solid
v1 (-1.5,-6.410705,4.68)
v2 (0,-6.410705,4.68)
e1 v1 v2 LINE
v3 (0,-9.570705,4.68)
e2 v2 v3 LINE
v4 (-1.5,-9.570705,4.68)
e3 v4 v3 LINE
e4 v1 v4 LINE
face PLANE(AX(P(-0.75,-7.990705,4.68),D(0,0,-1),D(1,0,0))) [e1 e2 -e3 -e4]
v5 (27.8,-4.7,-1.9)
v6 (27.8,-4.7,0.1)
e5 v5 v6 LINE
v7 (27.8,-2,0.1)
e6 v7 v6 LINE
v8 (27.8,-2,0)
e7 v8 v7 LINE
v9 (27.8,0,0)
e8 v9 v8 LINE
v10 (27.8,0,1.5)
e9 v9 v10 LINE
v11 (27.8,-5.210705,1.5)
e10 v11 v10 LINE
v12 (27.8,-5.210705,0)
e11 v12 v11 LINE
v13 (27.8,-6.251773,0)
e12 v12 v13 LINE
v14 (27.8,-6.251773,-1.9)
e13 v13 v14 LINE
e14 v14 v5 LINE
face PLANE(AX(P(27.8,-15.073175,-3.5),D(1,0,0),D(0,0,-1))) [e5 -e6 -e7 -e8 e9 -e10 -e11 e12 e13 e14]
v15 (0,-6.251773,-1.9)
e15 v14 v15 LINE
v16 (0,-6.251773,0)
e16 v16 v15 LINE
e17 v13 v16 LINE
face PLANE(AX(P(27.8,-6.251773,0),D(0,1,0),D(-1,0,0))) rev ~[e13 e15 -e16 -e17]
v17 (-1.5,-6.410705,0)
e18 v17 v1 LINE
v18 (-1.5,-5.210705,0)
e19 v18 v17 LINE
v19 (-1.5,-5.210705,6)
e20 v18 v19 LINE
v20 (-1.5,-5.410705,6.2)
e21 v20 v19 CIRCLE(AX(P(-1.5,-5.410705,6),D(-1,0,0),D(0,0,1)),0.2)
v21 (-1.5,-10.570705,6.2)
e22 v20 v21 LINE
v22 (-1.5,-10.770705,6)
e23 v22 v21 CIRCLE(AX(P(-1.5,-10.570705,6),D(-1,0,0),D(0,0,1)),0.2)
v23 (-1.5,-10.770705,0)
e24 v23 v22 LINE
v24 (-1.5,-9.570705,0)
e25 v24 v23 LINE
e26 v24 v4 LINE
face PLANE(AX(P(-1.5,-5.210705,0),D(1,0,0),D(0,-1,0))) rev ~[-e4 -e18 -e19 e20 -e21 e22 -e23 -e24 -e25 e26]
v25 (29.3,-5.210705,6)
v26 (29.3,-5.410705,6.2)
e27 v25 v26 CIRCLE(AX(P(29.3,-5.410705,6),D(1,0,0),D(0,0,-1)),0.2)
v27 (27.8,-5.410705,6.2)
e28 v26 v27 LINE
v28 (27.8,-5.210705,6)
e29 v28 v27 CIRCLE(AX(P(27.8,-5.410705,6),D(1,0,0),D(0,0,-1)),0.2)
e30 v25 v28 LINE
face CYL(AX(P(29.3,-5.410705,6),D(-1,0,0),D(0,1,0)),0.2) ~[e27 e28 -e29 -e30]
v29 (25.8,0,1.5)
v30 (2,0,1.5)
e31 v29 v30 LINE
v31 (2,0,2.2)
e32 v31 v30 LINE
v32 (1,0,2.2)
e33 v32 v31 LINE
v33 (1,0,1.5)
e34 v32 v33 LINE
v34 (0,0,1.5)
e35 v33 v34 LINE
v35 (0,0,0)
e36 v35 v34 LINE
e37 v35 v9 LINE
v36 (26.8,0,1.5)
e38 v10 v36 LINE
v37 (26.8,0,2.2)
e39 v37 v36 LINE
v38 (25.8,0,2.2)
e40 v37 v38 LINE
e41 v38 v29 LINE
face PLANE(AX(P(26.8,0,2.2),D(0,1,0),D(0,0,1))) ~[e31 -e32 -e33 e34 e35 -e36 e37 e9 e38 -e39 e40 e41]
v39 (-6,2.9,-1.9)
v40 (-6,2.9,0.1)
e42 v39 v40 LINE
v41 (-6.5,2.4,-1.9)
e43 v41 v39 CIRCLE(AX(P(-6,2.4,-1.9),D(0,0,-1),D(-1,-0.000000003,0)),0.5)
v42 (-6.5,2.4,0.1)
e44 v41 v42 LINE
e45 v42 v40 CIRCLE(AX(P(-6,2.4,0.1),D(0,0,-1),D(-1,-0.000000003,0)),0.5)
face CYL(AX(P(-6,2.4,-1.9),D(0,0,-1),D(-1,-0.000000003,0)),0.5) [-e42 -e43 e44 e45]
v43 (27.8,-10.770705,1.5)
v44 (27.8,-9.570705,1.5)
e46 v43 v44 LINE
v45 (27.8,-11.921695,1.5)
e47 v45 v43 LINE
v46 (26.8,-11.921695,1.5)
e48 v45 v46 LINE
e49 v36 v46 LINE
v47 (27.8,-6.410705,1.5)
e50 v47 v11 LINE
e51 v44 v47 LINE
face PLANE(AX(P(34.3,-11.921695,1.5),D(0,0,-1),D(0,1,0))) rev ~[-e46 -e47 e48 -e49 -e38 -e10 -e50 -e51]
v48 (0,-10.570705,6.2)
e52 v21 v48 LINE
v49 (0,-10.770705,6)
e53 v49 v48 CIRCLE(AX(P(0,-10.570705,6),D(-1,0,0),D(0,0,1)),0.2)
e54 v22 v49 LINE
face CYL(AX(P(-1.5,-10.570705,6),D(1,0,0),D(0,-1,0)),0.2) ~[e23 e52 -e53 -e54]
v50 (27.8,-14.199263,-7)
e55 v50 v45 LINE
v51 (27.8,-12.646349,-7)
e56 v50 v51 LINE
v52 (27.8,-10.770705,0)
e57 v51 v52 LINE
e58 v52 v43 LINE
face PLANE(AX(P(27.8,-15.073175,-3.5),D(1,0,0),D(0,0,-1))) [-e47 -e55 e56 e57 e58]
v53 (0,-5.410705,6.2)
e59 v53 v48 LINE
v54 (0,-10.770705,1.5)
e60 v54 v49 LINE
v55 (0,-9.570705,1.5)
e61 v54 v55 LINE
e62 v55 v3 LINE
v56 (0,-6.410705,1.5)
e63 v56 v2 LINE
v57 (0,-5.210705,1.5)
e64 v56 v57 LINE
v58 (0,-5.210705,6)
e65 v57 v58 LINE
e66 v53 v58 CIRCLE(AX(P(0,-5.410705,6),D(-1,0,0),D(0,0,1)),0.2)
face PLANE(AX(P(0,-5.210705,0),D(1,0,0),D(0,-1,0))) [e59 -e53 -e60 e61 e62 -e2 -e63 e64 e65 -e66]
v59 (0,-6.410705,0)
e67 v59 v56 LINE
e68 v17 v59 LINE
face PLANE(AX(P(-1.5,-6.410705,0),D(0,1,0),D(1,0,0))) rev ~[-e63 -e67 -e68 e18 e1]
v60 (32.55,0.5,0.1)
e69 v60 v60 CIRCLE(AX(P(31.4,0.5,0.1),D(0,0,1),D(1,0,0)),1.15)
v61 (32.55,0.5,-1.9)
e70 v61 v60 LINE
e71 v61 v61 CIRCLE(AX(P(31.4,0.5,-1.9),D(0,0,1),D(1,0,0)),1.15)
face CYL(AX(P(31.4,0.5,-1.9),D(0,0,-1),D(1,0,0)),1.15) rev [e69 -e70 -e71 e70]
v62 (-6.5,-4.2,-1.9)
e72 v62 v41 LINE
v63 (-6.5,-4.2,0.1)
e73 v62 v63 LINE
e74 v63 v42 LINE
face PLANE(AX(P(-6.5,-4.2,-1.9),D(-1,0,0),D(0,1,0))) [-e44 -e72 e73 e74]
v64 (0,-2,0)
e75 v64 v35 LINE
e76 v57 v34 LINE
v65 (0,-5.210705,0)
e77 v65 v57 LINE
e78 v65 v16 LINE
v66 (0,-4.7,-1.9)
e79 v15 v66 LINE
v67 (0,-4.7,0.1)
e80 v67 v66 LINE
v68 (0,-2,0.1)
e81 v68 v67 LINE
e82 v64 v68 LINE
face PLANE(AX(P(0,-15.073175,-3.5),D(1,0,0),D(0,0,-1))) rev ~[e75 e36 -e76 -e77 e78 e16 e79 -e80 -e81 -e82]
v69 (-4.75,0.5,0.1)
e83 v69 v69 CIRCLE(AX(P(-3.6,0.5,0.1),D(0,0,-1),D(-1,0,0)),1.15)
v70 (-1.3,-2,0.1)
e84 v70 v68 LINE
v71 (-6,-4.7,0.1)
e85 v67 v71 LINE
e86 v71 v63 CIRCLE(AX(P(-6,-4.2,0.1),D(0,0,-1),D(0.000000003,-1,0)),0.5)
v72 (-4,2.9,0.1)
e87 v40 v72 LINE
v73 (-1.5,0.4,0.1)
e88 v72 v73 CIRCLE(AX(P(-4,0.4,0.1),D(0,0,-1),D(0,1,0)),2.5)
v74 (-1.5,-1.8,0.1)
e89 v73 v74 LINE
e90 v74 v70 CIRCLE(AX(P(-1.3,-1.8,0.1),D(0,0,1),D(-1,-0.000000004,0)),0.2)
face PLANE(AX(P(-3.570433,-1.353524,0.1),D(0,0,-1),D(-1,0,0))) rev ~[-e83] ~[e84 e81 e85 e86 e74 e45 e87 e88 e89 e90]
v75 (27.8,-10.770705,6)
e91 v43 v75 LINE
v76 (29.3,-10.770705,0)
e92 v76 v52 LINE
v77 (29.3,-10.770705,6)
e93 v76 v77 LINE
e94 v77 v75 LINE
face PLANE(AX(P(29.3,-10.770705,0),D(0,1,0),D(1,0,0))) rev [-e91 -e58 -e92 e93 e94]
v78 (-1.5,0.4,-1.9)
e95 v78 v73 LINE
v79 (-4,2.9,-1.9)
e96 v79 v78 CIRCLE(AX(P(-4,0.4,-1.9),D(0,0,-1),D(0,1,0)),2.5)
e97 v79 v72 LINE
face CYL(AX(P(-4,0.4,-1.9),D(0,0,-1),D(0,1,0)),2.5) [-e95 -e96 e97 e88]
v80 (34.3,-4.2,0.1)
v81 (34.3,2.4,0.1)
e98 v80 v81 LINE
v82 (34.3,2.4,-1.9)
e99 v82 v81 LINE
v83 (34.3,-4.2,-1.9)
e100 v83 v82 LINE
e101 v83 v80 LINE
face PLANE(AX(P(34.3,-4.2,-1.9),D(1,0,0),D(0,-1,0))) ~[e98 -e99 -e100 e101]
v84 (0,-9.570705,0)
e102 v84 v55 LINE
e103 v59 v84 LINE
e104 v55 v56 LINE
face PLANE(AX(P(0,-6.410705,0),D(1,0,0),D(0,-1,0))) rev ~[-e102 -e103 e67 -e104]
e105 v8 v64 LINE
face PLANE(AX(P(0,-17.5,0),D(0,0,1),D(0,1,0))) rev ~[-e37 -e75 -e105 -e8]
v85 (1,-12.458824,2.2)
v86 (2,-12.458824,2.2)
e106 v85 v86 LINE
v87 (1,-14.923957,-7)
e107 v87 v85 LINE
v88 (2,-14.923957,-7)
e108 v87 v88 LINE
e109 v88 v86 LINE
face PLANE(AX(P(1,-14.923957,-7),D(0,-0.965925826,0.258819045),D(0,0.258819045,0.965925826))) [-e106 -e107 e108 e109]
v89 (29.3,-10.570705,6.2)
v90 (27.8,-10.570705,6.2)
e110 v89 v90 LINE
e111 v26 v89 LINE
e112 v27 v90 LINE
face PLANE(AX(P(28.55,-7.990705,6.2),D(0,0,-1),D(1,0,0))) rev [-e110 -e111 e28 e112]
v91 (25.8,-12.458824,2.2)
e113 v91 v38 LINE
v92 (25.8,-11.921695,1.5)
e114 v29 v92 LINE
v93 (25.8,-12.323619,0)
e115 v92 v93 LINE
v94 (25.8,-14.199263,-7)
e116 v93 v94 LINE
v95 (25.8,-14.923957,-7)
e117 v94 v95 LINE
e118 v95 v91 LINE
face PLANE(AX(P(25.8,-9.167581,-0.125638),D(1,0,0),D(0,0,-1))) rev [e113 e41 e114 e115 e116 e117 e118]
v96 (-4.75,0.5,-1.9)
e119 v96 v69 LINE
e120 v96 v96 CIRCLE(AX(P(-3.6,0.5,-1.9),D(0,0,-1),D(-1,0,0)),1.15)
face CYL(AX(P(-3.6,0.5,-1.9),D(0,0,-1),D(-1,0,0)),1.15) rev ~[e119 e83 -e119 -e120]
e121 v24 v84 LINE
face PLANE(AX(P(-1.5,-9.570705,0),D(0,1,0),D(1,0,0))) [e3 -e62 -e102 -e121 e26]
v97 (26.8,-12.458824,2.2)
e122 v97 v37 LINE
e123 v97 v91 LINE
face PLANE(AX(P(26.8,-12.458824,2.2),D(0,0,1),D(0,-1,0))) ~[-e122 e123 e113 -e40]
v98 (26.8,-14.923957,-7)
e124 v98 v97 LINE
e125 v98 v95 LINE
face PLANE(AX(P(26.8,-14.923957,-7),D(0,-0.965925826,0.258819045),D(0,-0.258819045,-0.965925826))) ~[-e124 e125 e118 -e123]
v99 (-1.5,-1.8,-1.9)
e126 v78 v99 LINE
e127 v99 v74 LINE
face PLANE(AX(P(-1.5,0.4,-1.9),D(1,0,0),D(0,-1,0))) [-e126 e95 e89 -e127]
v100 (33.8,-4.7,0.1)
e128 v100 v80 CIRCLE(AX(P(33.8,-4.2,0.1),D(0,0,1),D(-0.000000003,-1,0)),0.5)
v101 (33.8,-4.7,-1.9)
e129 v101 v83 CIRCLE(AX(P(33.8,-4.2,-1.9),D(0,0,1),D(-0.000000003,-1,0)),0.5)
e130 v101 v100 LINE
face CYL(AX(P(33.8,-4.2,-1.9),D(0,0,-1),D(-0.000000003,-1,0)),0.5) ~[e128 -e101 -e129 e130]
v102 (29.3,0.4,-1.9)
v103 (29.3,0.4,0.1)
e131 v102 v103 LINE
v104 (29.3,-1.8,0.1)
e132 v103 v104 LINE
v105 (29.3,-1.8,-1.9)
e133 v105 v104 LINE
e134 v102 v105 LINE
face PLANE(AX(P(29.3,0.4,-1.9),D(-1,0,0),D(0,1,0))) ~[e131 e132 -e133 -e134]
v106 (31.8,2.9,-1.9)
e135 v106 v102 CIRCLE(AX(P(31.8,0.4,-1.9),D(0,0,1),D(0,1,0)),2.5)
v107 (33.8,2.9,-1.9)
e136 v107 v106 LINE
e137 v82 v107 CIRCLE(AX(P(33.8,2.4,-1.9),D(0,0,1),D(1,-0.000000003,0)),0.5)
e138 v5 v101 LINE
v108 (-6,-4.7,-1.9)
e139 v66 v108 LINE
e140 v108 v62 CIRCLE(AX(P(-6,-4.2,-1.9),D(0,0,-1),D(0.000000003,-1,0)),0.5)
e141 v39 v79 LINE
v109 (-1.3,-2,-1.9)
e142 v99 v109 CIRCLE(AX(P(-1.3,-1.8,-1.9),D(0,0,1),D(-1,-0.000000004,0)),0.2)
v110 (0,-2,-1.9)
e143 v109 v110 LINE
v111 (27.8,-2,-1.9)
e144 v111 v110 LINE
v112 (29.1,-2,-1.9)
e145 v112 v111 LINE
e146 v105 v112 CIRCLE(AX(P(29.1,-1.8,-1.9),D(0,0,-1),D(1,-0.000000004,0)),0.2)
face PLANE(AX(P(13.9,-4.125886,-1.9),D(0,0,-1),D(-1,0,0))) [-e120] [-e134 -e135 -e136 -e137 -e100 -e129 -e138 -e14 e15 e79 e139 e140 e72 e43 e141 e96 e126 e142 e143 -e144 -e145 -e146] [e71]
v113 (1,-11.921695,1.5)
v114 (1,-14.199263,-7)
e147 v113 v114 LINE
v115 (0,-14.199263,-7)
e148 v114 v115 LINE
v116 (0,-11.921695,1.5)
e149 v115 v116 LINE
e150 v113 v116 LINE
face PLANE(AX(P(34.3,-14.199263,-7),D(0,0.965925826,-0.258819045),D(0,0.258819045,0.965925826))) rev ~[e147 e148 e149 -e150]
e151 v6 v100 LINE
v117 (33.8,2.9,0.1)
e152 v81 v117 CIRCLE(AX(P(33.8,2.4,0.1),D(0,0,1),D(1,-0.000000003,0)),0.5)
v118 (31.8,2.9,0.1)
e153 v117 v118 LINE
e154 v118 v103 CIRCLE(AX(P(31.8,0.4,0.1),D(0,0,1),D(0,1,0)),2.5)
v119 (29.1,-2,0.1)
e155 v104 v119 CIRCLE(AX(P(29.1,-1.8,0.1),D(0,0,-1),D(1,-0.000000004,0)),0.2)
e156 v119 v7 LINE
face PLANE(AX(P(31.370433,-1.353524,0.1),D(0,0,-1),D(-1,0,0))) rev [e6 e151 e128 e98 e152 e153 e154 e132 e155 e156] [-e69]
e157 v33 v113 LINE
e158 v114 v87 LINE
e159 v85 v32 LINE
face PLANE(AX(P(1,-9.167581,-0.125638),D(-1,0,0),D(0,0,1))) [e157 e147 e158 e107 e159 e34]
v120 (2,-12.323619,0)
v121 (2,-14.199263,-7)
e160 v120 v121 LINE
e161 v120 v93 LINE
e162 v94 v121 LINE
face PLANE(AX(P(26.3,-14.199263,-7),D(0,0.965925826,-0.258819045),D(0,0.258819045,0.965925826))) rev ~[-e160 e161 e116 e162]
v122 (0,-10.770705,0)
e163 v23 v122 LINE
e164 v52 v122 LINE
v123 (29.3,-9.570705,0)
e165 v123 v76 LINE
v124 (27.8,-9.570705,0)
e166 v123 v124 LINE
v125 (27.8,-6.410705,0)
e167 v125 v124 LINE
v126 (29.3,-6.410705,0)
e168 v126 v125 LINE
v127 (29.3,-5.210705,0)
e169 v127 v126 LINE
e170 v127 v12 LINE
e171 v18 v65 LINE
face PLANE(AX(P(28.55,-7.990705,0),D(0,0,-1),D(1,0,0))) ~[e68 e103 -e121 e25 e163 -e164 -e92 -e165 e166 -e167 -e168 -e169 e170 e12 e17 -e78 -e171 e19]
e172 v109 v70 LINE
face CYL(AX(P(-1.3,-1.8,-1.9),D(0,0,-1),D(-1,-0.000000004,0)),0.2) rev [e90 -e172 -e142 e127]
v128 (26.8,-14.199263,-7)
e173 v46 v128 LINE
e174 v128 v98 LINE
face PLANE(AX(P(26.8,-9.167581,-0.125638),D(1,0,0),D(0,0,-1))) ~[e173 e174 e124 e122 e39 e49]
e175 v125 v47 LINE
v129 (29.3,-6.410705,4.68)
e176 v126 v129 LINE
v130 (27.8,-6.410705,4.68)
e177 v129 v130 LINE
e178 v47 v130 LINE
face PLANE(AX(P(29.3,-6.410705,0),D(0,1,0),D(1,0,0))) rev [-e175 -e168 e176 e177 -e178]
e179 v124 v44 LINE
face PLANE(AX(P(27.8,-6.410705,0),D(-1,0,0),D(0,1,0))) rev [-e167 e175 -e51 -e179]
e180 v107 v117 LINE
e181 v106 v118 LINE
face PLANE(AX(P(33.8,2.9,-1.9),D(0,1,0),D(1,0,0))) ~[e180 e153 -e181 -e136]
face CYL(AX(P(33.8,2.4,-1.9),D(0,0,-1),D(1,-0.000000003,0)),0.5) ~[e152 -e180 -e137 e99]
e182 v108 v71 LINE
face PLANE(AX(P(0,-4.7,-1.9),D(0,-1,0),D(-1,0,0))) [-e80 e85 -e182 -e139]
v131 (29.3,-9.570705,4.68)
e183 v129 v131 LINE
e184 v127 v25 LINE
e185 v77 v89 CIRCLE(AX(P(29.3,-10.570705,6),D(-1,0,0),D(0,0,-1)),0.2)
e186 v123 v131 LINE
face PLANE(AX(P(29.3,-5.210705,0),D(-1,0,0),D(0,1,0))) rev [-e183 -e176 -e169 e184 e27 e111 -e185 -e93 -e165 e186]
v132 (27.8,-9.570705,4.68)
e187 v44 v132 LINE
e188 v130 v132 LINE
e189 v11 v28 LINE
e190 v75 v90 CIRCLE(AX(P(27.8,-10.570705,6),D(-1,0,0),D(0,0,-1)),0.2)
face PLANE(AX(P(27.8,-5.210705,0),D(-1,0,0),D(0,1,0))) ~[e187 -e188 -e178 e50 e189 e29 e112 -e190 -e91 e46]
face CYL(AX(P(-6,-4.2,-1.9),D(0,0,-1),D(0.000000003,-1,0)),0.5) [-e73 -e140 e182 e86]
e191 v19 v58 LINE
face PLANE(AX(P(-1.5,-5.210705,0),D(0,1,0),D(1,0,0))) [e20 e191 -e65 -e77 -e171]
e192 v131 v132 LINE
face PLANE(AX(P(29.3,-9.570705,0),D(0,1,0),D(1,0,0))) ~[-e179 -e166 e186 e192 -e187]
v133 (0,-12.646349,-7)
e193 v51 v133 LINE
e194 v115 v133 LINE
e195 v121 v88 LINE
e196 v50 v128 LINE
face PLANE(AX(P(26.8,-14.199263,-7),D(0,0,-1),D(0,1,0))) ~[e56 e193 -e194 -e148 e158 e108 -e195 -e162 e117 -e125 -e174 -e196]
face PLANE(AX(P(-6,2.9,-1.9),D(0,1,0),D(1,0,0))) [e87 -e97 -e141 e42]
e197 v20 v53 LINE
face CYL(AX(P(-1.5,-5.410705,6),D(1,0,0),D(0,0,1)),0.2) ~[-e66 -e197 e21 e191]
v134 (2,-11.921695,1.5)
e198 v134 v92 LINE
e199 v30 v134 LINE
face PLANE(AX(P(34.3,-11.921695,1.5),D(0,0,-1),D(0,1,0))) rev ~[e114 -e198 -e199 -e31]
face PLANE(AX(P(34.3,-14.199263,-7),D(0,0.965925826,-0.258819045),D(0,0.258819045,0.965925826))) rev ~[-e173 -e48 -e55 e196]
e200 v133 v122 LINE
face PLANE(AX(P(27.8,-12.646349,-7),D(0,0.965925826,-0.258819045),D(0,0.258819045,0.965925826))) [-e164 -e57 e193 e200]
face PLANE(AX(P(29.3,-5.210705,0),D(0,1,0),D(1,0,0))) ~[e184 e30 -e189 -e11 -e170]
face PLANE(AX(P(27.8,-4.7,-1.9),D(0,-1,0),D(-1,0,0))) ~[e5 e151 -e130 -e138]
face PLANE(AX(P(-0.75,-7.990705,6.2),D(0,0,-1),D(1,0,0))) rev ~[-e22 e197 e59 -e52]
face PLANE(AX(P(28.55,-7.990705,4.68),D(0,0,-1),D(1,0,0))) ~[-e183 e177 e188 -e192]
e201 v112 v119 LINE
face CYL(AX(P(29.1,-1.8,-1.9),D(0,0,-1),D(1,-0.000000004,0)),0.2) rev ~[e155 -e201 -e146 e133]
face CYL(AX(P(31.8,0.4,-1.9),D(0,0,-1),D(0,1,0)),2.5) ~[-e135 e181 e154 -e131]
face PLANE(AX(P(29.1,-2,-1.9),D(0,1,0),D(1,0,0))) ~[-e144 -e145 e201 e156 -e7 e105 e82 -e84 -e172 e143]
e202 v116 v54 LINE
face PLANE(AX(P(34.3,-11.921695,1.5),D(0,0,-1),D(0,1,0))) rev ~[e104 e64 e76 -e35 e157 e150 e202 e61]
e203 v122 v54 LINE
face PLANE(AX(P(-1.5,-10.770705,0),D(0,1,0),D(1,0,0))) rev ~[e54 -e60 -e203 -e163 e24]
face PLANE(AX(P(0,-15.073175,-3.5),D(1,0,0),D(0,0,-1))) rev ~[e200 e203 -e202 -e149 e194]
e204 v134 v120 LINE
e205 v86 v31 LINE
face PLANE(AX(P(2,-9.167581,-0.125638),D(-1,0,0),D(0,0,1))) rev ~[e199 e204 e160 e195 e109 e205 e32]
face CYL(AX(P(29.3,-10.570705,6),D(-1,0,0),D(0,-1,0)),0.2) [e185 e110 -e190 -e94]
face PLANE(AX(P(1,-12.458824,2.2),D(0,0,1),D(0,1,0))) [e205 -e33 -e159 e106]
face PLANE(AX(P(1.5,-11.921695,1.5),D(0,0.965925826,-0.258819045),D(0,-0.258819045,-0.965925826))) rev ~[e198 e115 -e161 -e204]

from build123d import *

# Parameters (mm, degrees)
SKETCH_1_W          = 27.8
SKETCH_1_H          = 8
EXTRUDE_1_DEPTH     = 7.8
EXTRUDE_2_DEPTH     = 27.8
SKETCH_4_R          = 1.15
EXTRUDE_3_DEPTH     = 2
CUT_EXTRUDE_4_DEPTH = 24.8
SKETCH_15_W         = 27.8
SKETCH_15_H         = 4.251772847
EXTRUDE_4_DEPTH     = 1.9
FILLET_1_R          = 8
FILLET_2_R          = 6.5
EXTRUDE_5_DEPTH     = 27.8
CUT_EXTRUDE_6_DEPTH = 24.8
SKETCH_19_OUTSIDE_W = 26.556
SKETCH_19_OUTSIDE_H = 34.032
CUT_EXTRUDE_7_DEPTH = 40.8
SKETCH_20_W         = 1.5
SKETCH_20_H         = 5.56
EXTRUDE_6_DEPTH     = 6.2
SKETCH_21_W         = 1.5
SKETCH_21_H         = 3.16
CUT_EXTRUDE_8_DEPTH = 4.68
EXTRUDE_7_DEPTH     = 1
FILLET_3_R          = 0.2


with BuildPart() as part:
    # 草图1 → 凸台-拉伸1 (new body)
    with BuildSketch(Plane.XY):
        with Locations((13.9, -4)):
            Rectangle(SKETCH_1_W, SKETCH_1_H)
    extrude(amount=EXTRUDE_1_DEPTH)

    # 草图2 → 凸台-拉伸2 (add)
    with BuildSketch(Plane.ZY):
        Polygon((5.795554958, -15.947085729), (0, -17.5), (0, -8), (7.8, -8), align=None)
    extrude(amount=-EXTRUDE_2_DEPTH)

    # 草图4 → 凸台-拉伸3 (add)
    with BuildSketch(Plane(origin=(0, 0, -1.9), x_dir=(-1, 0, 0), z_dir=(0, 0, -1))):
        with BuildLine():
            Line((0, -2), (0, -4.7))
            Line((0, -4.7), (6, -4.7))
            ThreePointArc((6, -4.7), (6.353553391, -4.553553391), (6.5, -4.2))
            Line((6.5, -4.2), (6.5, -2))
            Line((6.5, -2), (6.5, 2.4))
            ThreePointArc((6.5, 2.4), (6.353553391, 2.753553391), (6, 2.9))
            Line((6, 2.9), (4, 2.9))
            ThreePointArc((4, 2.9), (2.232233047, 2.167766953), (1.5, 0.4))
            Line((1.5, 0.4), (1.5, -1.8))
            ThreePointArc((1.5, -1.8), (1.441421356, -1.941421356), (1.3, -2))
            Line((1.3, -2), (0, -2))
        make_face()
        with Locations((3.6, 0.5)):
            Circle(SKETCH_4_R, mode=Mode.SUBTRACT)
    extrude_3 = extrude(amount=-EXTRUDE_3_DEPTH)

    # 镜向1: 凸台-拉伸3 across plane
    add(extrude_3.mirror(Plane.ZY.offset(-13.9)))

    # 草图13 → 切除-拉伸4 (cut)
    with BuildSketch(Plane.ZY.offset(-1.5)):
        Polygon((1.5, 0), (1.5, -11.921695309), (0, -12.323619098), (0, -15.947085729), (4.556522218, -14.726169281), (6.3, -7.813748582), (6.3, 0), align=None)
    extrude(amount=-CUT_EXTRUDE_4_DEPTH, mode=Mode.SUBTRACT)

    # 草图15 → 凸台-拉伸4 (add)
    with BuildSketch(Plane(origin=(0, 0, 0), x_dir=(-1, 0, 0), z_dir=(0, 0, -1))):
        with Locations((-13.9, -4.125886424)):
            Rectangle(SKETCH_15_W, SKETCH_15_H)
    extrude(amount=EXTRUDE_4_DEPTH)

    # 圆角1
    fillet_1_edges = [part.edges().sort_by_distance(p)[0] for p in [
        (13.9, -14.726169281, 4.556522218),
    ]]
    fillet(fillet_1_edges, radius=FILLET_1_R)

    # 圆角2
    fillet_2_edges = [part.edges().sort_by_distance(p)[0] for p in [
        (13.9, -15.947085729, 5.795554958),
    ]]
    fillet(fillet_2_edges, radius=FILLET_2_R)

    # 草图17 → 凸台-拉伸5 (add)
    with BuildSketch(Plane(origin=(27.8, 0, 0), x_dir=(0, 0, -1), z_dir=(1, 0, 0))):
        Polygon((0, -17.5), (7, -19.375644347), (7, -12.646349174), (0, -10.770704827), align=None)
    extrude(amount=-EXTRUDE_5_DEPTH)

    # 草图18 → 切除-拉伸6 (cut)
    with BuildSketch(Plane.ZY.offset(-26.3)):
        Polygon((0, -12.323619098), (0, -15.947085729), (-7, -17.822730076), (-7, -14.199263445), align=None)
    extrude(amount=CUT_EXTRUDE_6_DEPTH, mode=Mode.SUBTRACT)

    # 草图19 outside → 切除-拉伸7 (cut)
    with BuildSketch(Plane(origin=(34.3, 0, 0), x_dir=(0, 0, -1), z_dir=(1, 0, 0))):
        with Locations((-0.4, -8.238)):
            Rectangle(SKETCH_19_OUTSIDE_W, SKETCH_19_OUTSIDE_H)
        Polygon((7, 2.9), (7, -14.199263445), (-1.5, -11.921695309), (-1.5, 2.9), align=None, mode=Mode.SUBTRACT)
    extrude(amount=-CUT_EXTRUDE_7_DEPTH, mode=Mode.SUBTRACT)

    # 草图20 → 凸台-拉伸6 (add)
    with BuildSketch(Plane(origin=(0, -7.983041289, 0), x_dir=(1, 0, 0), z_dir=(0, 0, -1))):
        with Locations((-0.75, 0.007663538)):
            Rectangle(SKETCH_20_W, SKETCH_20_H)
    extrude_6 = extrude(amount=-EXTRUDE_6_DEPTH)

    # 草图21 → 切除-拉伸8 (cut)
    with BuildSketch(Plane(origin=(0, -7.983041289, 0), x_dir=(1, 0, 0), z_dir=(0, 0, -1))):
        with Locations((-0.75, 0.007663538)):
            Rectangle(SKETCH_21_W, SKETCH_21_H)
    cut_extrude_8 = extrude(amount=-CUT_EXTRUDE_8_DEPTH, mode=Mode.SUBTRACT)

    # 镜向2: 凸台-拉伸6, 切除-拉伸8 across plane
    add(extrude_6.mirror(Plane.ZY.offset(-13.9)))
    add(cut_extrude_8.mirror(Plane.ZY.offset(-13.9)), mode=Mode.SUBTRACT)

    # 草图23 → 凸台-拉伸7 (add)
    with BuildSketch(Plane.ZY.offset(-1)):
        Polygon((1.5, 0), (1.5, -11.921695309), (-7, -14.199263445), (-7, -14.923956771), (2.2, -12.458824201), (2.2, 0), align=None)
    extrude_7 = extrude(amount=-EXTRUDE_7_DEPTH)

    # 镜向3: 凸台-拉伸7 across plane
    add(extrude_7.mirror(Plane.ZY.offset(-13.9)))

    # 圆角3
    fillet_3_edges = [part.edges().sort_by_distance(p)[0] for p in [
        (-0.75, -5.210704827, 6.2),
        (-0.75, -10.770704827, 6.2),
        (28.55, -10.770704827, 6.2),
        (28.55, -5.210704827, 6.2),
    ]]
    fillet(fillet_3_edges, radius=FILLET_3_R)


solid = part.part
